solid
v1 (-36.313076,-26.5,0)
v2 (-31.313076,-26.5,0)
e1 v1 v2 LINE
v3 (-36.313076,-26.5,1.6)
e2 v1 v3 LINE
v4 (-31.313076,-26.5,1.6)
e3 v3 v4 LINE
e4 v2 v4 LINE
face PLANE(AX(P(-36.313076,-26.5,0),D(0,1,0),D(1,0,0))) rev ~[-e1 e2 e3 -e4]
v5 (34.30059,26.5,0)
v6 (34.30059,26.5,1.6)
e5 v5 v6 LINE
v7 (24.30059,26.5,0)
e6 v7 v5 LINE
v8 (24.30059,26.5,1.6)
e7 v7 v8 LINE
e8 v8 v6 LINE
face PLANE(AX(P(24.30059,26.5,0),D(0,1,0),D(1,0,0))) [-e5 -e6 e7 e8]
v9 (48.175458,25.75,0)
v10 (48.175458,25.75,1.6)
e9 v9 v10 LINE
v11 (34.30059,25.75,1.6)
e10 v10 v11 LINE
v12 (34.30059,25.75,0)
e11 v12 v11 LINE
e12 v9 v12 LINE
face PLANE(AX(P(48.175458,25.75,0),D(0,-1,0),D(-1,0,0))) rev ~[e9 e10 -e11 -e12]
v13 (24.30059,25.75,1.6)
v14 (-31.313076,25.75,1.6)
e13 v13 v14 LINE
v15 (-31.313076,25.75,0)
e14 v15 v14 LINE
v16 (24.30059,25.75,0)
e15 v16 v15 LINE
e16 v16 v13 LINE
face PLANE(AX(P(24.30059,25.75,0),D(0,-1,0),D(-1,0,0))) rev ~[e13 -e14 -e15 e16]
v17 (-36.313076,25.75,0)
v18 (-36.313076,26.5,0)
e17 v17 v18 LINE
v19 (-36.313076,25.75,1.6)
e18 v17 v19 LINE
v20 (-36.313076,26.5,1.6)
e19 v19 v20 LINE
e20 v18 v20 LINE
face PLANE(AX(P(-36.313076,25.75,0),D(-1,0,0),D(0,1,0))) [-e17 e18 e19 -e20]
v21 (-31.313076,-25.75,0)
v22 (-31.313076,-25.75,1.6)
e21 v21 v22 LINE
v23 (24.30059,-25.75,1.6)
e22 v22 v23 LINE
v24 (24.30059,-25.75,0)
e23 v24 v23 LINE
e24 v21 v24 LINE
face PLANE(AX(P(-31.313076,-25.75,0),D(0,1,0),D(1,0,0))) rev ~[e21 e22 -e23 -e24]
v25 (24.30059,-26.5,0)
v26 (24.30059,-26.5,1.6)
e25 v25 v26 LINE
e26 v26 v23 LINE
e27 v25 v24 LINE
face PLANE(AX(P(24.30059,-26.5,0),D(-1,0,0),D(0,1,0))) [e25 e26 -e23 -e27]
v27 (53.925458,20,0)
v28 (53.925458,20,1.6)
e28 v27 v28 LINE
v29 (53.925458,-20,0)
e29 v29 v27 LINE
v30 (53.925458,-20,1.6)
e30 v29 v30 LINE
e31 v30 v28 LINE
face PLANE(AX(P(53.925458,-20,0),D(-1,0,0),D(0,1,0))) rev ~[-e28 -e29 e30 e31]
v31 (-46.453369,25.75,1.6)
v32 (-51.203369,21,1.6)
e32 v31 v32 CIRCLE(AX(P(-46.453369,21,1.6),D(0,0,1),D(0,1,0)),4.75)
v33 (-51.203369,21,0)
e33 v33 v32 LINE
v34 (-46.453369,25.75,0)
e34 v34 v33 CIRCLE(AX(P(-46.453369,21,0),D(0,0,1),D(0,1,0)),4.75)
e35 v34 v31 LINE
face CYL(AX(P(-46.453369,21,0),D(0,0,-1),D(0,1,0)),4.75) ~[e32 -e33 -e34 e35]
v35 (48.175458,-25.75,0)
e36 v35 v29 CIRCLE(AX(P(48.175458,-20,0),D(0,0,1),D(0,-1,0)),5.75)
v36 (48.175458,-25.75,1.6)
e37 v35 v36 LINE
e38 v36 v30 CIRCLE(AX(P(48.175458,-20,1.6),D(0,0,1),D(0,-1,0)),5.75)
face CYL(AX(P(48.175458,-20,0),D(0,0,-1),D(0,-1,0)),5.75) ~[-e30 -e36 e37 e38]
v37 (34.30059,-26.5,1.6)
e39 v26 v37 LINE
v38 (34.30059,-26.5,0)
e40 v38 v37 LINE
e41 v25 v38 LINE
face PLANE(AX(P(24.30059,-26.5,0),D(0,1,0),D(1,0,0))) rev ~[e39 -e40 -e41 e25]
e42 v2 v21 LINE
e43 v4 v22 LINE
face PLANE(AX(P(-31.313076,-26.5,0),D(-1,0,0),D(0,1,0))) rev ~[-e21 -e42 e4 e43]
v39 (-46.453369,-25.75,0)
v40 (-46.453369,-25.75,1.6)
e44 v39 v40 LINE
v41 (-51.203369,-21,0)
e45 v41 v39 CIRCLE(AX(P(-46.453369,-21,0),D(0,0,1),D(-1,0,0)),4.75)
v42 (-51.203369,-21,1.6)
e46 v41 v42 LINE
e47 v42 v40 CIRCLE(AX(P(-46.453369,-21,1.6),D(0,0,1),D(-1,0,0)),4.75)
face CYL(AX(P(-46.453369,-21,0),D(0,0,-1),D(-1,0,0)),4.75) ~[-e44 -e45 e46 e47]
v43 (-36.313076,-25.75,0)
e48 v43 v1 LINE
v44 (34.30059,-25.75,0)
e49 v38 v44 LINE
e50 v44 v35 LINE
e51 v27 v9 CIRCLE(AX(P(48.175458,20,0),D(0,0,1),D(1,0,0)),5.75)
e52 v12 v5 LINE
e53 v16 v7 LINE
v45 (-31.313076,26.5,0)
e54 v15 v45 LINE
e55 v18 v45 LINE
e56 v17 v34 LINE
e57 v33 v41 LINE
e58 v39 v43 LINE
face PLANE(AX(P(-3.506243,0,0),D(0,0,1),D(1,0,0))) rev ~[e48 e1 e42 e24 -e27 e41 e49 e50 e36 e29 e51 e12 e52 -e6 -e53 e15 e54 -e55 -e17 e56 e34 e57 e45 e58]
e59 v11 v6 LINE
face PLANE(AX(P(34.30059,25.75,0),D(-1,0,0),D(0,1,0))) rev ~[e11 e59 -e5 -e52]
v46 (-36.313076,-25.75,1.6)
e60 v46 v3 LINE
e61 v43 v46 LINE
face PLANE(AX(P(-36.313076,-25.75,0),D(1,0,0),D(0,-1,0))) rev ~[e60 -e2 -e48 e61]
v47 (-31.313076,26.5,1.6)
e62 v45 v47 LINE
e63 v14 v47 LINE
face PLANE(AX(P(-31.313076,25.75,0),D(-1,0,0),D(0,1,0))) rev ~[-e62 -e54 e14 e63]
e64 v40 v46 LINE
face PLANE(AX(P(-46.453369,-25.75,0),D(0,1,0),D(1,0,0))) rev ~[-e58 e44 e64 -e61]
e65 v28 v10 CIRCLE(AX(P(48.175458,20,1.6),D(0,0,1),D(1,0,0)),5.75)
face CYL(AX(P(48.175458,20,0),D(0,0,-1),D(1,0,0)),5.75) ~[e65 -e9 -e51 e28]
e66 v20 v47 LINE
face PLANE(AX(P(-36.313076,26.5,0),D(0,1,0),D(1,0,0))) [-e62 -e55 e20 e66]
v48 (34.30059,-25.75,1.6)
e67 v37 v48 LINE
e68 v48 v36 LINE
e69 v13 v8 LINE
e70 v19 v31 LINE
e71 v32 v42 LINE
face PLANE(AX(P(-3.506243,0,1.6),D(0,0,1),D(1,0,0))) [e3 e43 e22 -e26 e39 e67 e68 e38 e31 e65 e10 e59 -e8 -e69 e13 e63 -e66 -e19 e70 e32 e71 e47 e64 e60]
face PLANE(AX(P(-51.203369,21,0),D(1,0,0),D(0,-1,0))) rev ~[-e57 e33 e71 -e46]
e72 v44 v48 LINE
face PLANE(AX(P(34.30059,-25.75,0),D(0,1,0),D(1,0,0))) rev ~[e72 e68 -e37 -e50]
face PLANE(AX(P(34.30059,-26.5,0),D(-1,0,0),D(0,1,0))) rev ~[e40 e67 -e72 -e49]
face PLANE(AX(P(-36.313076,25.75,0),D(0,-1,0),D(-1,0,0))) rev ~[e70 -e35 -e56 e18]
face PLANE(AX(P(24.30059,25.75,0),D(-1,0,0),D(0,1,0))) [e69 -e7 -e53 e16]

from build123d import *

# Parameters (mm, degrees)
F0_W     = 55.6136657298
F0_H     = 51.5
F0_W_2   = 10
F0_H_2   = 0.75
F0_W_3   = 5
F1_DEPTH = 1.6


with BuildPart() as f1:
    # F0 (on Top) → F1 (new body)
    with BuildSketch(Plane.XY):
        with Locations((-3.5062433155, 0)):
            Rectangle(F0_W, F0_H)
        with Locations((29.3005895494, 0)):
            Rectangle(F0_W_2, F0_H)
        with BuildLine():
            Line((34.3005895494, 25.75), (34.3005895494, -25.75))
            Line((34.3005895494, -25.75), (48.1754575549, -25.75))
            ThreePointArc((48.1754575549, -25.75), (52.2413215467, -24.0658639918), (53.9254575549, -20))
            Line((53.9254575549, -20), (53.9254575549, 20))
            ThreePointArc((53.9254575549, 20), (52.2413215467, 24.0658639918), (48.1754575549, 25.75))
            Line((48.1754575549, 25.75), (34.3005895494, 25.75))
        make_face()
        with Locations((29.3005895494, 26.125)):
            Rectangle(F0_W_2, F0_H_2)
        with Locations((29.3005895494, -26.125)):
            Rectangle(F0_W_2, F0_H_2)
        with Locations((-33.8130761804, -26.125)):
            Rectangle(F0_W_3, F0_H_2)
        with Locations((-33.8130761804, 0)):
            Rectangle(F0_W_3, F0_H)
        with BuildLine():
            ThreePointArc((-51.2033691825, -21), (-49.8121263931, -24.3587572106), (-46.4533691825, -25.75))
            Line((-46.4533691825, -25.75), (-36.3130761804, -25.75))
            Line((-36.3130761804, -25.75), (-36.3130761804, 25.75))
            Line((-36.3130761804, 25.75), (-46.4533691825, 25.75))
            ThreePointArc((-46.4533691825, 25.75), (-49.8121263931, 24.3587572106), (-51.2033691825, 21))
            Line((-51.2033691825, 21), (-51.2033691825, -21))
        make_face()
        with Locations((-33.8130761804, 26.125)):
            Rectangle(F0_W_3, F0_H_2)
    extrude(amount=F1_DEPTH)


solid = f1.part
